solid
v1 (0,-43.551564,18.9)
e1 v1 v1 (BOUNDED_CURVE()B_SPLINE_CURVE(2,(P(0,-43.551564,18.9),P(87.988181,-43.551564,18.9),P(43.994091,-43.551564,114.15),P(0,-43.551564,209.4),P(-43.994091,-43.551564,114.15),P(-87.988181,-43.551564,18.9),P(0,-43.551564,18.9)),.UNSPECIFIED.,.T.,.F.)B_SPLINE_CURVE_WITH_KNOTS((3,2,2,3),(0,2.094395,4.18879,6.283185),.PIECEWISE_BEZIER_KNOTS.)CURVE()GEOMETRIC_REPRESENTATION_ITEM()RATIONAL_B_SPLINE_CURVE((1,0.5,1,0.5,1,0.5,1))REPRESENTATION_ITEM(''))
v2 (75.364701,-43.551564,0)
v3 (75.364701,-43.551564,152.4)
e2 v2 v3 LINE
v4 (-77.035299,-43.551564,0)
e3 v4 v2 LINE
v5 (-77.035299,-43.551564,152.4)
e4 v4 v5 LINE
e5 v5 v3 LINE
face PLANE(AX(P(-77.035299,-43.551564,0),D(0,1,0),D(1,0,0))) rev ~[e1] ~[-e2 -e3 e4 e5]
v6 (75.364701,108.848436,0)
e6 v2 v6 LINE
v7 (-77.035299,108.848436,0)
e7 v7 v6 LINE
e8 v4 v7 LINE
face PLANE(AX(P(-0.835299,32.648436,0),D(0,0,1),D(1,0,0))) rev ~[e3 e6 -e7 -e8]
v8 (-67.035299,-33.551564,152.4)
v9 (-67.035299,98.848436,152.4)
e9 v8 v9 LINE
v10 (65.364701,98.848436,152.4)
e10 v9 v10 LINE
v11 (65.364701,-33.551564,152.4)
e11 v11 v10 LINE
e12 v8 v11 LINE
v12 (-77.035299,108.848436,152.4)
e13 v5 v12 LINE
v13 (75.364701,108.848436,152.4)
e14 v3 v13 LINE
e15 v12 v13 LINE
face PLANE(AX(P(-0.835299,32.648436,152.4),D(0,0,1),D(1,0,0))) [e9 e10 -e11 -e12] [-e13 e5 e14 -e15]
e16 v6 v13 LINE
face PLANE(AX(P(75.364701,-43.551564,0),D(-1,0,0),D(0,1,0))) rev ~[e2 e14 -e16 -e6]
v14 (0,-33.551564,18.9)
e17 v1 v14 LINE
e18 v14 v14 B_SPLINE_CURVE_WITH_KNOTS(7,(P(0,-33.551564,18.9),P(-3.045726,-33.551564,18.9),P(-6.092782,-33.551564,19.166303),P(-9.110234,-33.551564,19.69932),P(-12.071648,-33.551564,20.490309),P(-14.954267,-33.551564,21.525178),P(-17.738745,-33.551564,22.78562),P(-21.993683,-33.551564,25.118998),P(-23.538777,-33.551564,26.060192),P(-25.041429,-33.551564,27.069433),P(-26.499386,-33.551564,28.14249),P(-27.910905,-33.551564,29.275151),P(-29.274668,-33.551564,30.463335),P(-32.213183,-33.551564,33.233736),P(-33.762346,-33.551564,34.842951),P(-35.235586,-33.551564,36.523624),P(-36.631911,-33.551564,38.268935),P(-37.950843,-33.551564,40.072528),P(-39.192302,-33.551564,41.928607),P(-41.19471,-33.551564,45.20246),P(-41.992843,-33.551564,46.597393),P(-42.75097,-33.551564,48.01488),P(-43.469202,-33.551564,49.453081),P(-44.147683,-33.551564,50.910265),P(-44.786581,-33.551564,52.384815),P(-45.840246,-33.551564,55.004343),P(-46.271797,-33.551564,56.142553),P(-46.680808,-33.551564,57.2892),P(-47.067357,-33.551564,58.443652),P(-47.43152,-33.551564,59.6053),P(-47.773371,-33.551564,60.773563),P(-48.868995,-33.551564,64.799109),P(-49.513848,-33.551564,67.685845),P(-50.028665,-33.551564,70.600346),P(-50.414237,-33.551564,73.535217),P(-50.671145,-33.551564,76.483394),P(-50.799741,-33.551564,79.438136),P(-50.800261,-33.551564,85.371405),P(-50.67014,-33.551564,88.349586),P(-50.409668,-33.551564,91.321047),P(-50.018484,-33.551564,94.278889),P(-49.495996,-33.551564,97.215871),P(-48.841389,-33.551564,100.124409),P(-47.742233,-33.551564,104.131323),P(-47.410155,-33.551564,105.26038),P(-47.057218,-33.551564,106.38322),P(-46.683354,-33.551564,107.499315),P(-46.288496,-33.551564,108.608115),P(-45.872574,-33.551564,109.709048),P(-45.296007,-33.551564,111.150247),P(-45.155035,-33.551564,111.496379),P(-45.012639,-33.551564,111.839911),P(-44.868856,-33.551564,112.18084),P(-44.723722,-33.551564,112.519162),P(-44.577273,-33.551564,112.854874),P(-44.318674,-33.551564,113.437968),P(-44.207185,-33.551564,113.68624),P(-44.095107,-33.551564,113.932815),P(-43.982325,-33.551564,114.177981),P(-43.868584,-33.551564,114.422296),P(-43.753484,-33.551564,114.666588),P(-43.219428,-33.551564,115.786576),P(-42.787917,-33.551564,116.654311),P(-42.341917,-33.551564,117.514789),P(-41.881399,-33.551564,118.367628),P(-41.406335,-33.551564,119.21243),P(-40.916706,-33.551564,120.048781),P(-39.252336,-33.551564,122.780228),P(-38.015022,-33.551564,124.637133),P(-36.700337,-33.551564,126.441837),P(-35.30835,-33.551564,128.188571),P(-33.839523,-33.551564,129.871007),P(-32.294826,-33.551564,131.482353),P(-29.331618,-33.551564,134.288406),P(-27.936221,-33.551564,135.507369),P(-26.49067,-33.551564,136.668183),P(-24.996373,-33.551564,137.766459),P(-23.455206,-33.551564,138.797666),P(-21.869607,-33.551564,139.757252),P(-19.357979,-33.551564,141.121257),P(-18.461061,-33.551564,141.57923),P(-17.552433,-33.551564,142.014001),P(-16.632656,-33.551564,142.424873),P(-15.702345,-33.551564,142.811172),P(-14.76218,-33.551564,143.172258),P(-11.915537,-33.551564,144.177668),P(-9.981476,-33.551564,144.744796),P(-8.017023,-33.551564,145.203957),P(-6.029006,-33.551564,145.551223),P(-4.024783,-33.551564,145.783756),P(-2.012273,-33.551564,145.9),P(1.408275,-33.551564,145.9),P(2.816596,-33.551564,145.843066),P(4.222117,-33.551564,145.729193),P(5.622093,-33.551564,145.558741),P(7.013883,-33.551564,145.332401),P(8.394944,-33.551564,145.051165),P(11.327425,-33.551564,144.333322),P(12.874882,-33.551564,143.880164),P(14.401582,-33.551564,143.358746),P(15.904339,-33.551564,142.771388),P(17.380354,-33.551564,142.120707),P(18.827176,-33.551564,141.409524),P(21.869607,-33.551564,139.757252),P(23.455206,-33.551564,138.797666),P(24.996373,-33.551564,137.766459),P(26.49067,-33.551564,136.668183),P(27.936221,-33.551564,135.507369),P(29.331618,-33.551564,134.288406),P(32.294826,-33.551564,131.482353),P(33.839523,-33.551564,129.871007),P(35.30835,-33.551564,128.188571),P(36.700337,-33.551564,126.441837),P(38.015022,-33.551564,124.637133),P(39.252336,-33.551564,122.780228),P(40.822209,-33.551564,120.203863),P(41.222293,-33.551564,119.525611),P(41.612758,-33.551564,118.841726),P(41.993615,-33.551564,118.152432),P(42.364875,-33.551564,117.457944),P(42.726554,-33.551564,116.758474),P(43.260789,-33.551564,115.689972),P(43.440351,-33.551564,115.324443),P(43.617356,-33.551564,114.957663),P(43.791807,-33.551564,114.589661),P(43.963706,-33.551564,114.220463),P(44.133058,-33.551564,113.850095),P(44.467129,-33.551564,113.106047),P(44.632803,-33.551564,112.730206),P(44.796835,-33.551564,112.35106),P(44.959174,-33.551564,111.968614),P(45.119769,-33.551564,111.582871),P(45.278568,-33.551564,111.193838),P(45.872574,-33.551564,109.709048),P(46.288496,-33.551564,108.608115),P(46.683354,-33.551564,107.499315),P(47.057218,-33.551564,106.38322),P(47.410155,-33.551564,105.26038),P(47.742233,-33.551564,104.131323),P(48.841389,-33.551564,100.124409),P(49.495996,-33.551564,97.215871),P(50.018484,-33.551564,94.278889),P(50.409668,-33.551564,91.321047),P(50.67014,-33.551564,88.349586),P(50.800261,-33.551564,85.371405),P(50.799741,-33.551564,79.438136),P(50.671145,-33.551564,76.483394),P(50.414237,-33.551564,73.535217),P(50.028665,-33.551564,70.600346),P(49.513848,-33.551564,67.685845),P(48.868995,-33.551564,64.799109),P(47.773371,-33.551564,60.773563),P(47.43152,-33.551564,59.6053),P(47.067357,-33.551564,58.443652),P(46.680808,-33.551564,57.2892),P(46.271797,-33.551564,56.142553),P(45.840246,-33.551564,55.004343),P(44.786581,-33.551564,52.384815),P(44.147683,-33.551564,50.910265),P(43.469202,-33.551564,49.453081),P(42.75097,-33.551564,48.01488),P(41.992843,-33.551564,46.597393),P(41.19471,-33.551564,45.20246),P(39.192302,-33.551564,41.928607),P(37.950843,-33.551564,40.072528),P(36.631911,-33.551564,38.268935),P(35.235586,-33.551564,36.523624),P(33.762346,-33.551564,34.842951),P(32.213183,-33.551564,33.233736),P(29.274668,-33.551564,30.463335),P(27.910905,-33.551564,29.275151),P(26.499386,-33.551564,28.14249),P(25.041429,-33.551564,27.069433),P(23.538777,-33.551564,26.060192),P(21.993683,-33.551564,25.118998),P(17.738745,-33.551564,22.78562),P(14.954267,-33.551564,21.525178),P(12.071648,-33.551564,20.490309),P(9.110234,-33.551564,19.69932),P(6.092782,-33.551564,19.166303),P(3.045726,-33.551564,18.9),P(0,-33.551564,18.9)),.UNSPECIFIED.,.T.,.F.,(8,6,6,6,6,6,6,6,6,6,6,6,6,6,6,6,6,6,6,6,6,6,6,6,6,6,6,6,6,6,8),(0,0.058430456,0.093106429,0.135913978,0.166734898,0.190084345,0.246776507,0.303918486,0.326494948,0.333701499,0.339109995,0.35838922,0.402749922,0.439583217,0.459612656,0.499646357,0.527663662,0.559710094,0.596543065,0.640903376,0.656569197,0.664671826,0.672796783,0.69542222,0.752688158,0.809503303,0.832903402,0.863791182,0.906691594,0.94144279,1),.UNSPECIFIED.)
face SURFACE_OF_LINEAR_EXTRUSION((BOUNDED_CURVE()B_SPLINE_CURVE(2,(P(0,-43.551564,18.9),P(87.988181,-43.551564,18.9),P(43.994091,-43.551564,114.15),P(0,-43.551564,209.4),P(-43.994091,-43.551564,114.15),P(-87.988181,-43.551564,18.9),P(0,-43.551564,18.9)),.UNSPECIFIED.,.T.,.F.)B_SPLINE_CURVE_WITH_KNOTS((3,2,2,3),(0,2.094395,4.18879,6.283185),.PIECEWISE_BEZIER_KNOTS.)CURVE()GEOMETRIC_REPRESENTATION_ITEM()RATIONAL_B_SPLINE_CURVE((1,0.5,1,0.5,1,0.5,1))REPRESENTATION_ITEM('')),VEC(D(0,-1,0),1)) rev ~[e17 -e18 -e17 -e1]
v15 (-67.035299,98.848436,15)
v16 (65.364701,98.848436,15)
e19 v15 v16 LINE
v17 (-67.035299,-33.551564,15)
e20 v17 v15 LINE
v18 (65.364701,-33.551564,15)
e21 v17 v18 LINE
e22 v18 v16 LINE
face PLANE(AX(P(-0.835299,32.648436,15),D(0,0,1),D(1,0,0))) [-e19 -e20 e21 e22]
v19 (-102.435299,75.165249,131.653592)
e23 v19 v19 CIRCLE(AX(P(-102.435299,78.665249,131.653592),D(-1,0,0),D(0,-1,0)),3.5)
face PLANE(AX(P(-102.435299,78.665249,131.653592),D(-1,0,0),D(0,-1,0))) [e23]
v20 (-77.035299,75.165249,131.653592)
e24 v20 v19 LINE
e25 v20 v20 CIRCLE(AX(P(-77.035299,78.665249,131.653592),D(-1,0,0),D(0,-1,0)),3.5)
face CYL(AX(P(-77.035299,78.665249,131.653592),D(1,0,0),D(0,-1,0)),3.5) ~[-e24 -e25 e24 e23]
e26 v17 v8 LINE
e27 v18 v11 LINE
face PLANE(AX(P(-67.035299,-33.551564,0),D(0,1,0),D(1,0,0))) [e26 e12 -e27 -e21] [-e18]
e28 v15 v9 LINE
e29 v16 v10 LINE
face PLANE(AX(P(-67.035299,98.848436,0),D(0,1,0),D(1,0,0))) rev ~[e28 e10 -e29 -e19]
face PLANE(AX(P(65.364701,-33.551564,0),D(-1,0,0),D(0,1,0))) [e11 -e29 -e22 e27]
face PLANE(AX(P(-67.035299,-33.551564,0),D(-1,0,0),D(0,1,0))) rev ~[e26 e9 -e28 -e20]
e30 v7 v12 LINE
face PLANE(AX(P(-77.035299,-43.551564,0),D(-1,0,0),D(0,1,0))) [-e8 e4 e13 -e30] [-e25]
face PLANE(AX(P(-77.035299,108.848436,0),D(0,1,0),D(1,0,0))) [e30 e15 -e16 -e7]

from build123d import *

# Parameters (mm, degrees)
F0_W     = 152.4
F0_H     = 152.4
F0_W_2   = 132.4
F0_H_2   = 132.4
F1_DEPTH = 152.4
F2_DEPTH = 15
F4_DEPTH = 25
F5_R     = 3.5
F6_DEPTH = 25.4


with BuildPart() as f1:
    # F0 (on Top) → F1 (new body)
    with BuildSketch(Plane.XY):
        with Locations((-0.835299, 32.648436)):
            Rectangle(F0_W, F0_H)
        with Locations((-0.835299, 32.648436)):
            Rectangle(F0_W_2, F0_H_2, mode=Mode.SUBTRACT)
    extrude(amount=F1_DEPTH)

    # F0 (on Top) → F2 (join)
    with BuildSketch(Plane.XY):
        with Locations((-0.835299, 32.648436)):
            Rectangle(F0_W_2, F0_H_2)
    extrude(amount=F2_DEPTH)

    # F3 (on face) → F4 (cut)
    with BuildSketch(Plane.XZ.offset(43.551564)):
        with BuildLine():
            add(Edge.make_bspline(
                [(0, 18.9), (87.988181, 18.9), (43.994091, 114.15), (0, 209.4), (-43.994091, 114.15), (-87.988181, 18.9), (0, 18.9)],
                knots=[0, 0, 0, 2.094395, 2.094395, 4.18879, 4.18879, 6.283185, 6.283185, 6.283185], degree=2, weights=[1, 0.5, 1, 0.5, 1, 0.5, 1]))
        make_face()
    extrude(amount=-F4_DEPTH, mode=Mode.SUBTRACT)

    # F5 (on face) → F6 (join)
    with BuildSketch(Plane(origin=(-77.035299, 0, 0), x_dir=(0, -1, 0), z_dir=(-1, 0, 0))):
        with Locations((-78.665249, 131.653592)):
            Circle(F5_R)
    extrude(amount=F6_DEPTH)


solid = f1.part
